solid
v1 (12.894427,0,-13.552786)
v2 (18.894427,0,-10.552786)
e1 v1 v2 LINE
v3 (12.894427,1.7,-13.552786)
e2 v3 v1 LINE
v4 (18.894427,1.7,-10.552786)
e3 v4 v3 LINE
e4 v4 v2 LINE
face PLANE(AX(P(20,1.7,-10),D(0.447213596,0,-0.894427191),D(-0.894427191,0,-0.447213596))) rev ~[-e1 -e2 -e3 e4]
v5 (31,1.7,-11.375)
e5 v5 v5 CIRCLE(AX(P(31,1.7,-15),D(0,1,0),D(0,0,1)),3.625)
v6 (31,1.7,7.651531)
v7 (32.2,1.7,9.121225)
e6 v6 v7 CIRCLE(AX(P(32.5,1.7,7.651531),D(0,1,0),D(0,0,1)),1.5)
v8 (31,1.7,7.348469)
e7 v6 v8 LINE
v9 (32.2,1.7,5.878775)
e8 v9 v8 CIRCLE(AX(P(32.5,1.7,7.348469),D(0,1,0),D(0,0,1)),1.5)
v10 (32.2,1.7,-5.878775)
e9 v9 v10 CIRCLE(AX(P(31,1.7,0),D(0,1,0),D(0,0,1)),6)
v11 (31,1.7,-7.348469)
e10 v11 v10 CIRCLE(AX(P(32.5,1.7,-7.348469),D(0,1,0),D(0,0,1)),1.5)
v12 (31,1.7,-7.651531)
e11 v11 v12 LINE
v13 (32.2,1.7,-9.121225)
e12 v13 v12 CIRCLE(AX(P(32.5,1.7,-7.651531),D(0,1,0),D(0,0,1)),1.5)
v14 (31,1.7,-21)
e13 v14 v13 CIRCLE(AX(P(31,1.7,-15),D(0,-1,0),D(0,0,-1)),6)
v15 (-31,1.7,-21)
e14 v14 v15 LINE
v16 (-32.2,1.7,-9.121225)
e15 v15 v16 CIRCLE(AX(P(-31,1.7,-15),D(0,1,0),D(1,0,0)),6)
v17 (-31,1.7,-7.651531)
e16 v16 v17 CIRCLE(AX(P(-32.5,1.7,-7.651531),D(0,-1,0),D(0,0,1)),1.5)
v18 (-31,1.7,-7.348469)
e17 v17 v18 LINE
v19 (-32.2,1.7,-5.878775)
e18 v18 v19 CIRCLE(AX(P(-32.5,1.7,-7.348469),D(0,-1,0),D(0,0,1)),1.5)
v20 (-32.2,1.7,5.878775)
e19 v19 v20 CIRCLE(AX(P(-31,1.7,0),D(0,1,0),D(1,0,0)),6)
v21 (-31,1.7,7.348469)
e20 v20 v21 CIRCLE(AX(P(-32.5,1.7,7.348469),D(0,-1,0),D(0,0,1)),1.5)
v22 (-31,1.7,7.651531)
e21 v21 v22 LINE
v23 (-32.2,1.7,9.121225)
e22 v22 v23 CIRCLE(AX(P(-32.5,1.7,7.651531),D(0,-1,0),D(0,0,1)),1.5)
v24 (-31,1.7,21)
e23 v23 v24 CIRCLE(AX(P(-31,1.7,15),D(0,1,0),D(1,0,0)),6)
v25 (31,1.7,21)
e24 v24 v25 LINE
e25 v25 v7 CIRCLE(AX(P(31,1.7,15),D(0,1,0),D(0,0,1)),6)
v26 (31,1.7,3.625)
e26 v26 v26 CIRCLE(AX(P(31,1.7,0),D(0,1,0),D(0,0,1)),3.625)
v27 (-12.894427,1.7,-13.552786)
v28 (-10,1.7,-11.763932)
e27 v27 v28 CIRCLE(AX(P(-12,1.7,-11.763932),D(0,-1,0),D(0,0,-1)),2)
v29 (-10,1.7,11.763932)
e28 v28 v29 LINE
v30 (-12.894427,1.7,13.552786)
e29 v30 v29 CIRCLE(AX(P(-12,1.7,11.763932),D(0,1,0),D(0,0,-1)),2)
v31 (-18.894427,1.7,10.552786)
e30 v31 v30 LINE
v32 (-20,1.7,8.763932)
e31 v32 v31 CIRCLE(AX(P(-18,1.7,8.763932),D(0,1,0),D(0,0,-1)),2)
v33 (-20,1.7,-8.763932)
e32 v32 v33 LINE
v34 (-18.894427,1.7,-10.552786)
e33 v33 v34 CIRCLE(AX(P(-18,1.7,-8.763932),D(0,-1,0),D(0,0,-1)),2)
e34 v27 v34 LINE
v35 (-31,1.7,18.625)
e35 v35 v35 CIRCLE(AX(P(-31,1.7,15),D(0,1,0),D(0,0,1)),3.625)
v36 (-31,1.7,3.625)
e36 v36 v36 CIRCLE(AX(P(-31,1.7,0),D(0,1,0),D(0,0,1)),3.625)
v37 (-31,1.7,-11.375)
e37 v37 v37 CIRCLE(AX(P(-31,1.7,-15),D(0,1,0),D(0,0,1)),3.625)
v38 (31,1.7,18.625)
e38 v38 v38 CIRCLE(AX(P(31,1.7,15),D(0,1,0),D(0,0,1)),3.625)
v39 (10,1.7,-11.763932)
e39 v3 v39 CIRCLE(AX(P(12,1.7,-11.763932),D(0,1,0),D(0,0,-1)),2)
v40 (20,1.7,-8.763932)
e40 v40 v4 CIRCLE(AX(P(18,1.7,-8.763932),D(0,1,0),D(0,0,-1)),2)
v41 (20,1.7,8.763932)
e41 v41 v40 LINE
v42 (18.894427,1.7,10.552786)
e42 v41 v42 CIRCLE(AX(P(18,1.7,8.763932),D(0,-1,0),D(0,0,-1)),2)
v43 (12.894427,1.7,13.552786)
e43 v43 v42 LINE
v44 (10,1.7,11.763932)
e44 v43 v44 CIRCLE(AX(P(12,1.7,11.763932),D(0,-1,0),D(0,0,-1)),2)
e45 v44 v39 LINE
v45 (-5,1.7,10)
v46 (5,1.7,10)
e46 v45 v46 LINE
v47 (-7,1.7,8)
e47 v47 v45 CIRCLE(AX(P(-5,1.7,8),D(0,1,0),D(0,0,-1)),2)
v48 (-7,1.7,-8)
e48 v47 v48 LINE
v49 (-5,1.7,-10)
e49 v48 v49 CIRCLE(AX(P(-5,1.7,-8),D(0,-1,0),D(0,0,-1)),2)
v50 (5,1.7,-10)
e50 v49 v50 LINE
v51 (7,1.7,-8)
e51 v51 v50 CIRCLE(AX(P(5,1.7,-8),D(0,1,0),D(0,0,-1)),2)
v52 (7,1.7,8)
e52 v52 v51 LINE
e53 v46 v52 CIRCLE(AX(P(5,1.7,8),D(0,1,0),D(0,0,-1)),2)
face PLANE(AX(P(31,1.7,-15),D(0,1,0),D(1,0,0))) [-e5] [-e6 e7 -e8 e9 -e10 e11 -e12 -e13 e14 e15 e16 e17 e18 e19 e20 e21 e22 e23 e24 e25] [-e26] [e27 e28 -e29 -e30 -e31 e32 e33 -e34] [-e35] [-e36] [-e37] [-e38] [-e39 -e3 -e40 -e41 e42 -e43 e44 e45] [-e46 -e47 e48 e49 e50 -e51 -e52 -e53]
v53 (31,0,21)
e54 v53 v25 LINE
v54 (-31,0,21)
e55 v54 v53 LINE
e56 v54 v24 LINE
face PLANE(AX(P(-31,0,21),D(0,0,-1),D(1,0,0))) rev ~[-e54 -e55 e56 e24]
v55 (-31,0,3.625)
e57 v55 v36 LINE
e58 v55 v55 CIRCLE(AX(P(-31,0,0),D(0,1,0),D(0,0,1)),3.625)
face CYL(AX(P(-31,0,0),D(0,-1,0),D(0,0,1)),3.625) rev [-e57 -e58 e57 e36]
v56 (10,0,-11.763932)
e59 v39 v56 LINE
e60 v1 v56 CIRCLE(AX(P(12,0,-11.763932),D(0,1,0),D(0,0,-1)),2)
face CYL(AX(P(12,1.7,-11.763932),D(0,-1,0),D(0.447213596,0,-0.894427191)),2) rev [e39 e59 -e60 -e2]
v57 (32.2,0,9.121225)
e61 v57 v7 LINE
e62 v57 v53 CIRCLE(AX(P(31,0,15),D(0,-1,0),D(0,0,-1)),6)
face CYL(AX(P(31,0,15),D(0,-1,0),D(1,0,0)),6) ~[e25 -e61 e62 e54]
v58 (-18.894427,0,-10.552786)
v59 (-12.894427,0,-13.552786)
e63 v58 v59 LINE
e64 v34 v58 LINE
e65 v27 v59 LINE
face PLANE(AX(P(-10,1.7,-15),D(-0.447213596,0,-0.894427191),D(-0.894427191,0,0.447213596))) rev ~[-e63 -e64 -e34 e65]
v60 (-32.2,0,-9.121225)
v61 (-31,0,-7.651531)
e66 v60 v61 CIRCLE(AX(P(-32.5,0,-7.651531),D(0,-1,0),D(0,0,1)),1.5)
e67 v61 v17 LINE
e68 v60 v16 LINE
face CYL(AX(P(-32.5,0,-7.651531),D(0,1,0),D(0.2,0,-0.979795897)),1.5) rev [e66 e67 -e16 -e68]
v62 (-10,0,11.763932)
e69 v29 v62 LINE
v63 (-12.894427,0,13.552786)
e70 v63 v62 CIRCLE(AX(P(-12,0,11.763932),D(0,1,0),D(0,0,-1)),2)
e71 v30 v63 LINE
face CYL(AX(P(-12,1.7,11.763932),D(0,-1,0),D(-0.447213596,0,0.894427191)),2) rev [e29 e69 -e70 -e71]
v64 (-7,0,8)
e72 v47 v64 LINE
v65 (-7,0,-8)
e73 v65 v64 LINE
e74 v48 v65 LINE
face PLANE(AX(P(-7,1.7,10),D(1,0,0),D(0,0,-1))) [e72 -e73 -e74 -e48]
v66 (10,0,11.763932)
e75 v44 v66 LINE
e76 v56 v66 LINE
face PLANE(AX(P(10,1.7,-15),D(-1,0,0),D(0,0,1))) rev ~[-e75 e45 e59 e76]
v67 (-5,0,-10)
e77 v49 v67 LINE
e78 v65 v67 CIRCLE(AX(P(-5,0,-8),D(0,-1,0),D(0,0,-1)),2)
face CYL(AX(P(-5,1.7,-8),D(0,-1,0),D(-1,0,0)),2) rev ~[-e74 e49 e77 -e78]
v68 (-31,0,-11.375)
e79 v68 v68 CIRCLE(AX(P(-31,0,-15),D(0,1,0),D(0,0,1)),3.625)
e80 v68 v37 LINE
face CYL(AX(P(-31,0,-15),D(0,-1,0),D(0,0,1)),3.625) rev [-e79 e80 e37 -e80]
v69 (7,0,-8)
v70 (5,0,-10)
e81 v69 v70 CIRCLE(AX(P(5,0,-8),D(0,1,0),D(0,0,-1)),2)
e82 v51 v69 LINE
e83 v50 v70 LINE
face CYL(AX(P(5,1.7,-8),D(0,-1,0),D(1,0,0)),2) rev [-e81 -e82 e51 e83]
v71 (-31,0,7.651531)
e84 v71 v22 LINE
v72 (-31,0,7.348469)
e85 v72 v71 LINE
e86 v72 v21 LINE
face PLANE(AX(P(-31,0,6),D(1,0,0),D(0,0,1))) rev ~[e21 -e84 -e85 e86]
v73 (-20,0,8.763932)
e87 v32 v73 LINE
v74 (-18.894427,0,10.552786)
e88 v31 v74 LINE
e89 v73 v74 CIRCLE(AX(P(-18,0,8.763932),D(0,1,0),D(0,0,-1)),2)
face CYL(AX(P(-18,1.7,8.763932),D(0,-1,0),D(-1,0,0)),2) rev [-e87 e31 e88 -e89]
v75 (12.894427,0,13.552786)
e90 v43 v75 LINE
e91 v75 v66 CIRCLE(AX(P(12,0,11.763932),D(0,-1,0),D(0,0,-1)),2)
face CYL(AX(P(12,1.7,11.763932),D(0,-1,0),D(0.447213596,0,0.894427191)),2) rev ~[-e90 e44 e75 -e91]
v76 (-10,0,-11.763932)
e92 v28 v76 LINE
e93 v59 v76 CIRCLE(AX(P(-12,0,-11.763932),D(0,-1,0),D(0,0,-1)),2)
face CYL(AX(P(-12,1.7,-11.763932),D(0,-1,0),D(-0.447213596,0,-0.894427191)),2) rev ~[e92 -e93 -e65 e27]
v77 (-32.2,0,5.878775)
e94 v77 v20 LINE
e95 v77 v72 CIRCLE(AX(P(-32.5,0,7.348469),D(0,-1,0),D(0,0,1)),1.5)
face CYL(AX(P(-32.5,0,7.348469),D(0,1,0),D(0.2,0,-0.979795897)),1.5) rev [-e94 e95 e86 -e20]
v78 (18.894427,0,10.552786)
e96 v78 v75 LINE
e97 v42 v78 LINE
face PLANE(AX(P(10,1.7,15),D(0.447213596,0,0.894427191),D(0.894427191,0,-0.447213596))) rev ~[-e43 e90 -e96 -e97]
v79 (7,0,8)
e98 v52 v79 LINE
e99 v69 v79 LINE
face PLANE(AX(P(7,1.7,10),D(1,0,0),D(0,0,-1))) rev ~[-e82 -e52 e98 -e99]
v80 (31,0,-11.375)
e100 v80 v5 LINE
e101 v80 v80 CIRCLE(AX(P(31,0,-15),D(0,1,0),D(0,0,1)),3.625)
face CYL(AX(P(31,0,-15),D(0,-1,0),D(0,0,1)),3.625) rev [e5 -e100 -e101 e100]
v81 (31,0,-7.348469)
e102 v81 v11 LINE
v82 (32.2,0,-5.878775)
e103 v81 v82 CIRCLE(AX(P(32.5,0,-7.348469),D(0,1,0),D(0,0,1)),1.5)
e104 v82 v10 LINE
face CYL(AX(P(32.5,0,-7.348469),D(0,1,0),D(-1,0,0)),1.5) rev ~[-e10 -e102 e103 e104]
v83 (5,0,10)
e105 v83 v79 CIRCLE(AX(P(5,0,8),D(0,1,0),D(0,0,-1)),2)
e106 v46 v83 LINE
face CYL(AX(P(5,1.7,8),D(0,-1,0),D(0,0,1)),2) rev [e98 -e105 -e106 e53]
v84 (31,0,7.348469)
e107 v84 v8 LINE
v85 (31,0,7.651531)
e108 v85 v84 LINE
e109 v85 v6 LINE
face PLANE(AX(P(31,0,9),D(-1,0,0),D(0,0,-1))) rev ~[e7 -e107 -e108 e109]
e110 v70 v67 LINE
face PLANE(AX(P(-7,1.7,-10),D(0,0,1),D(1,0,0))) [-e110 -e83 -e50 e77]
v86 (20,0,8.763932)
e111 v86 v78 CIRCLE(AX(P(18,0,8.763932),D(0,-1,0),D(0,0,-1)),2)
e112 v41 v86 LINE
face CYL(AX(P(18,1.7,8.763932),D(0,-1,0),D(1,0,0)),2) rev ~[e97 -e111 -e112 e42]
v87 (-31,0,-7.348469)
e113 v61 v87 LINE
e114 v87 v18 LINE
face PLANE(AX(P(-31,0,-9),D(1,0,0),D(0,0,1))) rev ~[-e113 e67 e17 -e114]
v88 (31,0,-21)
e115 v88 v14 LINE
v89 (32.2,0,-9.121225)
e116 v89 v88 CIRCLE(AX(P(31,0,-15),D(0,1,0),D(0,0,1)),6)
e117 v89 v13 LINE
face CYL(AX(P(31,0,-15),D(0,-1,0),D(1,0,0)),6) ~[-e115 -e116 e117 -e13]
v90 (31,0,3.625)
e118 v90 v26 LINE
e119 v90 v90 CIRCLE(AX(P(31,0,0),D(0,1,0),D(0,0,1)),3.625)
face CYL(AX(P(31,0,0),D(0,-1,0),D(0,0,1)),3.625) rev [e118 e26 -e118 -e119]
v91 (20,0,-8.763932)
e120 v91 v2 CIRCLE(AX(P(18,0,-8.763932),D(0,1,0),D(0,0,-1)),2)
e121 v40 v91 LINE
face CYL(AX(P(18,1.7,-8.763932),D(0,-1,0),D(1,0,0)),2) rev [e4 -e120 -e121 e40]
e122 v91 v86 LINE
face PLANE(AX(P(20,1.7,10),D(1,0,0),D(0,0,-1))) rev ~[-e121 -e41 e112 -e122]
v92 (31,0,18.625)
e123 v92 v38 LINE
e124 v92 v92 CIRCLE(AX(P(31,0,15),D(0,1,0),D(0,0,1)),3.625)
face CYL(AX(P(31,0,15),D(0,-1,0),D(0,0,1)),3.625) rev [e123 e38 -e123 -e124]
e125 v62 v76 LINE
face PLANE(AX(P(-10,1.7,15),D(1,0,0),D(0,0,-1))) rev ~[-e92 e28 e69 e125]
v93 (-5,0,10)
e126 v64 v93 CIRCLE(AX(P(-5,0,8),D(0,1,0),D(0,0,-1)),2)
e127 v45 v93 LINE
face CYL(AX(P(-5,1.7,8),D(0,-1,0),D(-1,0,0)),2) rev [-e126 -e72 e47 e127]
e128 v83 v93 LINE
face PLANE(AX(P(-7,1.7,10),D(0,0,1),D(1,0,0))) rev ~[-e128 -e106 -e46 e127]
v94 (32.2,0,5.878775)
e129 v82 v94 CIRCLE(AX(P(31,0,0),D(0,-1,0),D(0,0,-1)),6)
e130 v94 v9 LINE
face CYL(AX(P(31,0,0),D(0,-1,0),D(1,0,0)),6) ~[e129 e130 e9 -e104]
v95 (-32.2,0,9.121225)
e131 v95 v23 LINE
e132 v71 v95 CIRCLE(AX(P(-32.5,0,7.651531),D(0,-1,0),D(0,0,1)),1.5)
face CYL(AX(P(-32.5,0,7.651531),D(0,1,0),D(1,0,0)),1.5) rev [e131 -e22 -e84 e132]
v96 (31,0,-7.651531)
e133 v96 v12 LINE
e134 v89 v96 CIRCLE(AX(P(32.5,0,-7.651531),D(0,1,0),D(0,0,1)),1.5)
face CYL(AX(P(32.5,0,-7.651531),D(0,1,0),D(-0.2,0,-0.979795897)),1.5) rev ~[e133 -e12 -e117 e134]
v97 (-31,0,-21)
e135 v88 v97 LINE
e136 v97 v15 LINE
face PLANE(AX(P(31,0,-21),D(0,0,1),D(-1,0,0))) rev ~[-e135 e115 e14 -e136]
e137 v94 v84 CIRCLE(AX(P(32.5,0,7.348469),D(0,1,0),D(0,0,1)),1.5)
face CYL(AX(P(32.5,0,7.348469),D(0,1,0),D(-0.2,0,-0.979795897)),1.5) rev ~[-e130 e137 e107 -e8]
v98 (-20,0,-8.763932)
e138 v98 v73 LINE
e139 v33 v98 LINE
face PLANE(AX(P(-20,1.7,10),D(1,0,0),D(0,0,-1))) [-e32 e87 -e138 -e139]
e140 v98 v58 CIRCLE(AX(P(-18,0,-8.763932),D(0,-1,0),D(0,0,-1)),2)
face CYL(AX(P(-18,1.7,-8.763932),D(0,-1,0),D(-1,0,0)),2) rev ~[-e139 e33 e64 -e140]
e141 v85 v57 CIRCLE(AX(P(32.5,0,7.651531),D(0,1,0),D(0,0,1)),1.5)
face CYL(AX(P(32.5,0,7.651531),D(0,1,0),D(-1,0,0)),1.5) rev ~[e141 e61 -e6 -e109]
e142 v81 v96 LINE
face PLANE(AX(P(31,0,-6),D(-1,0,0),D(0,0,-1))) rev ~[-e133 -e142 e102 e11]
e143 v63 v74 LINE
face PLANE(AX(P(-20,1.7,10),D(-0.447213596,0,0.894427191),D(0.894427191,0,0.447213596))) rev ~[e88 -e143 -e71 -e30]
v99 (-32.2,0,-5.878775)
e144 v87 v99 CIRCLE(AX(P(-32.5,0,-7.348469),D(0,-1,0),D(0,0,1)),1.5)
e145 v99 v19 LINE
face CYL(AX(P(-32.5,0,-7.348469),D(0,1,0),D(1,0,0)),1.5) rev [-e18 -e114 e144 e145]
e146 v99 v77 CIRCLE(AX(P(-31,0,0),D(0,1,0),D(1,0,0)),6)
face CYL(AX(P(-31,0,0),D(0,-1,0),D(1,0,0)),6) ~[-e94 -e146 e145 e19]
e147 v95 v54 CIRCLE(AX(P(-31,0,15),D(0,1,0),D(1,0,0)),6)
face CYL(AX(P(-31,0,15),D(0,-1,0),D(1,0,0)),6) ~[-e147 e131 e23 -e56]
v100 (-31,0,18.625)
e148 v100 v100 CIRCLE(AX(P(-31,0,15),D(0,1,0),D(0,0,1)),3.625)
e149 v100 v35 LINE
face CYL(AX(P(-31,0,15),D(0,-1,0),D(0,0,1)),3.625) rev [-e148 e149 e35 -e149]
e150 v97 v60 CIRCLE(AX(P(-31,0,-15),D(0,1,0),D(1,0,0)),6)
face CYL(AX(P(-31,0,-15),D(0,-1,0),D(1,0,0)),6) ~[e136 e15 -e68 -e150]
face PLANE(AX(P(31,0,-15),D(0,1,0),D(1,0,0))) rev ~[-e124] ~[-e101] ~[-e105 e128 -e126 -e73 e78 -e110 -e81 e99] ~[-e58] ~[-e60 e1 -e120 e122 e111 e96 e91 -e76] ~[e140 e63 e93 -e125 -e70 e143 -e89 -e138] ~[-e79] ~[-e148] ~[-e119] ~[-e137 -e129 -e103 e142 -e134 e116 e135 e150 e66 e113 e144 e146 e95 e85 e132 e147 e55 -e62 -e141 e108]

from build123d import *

# Parameters (mm, degrees)
SKETCH1_R           = 6
SKETCH1_R_2         = 3.625
BOSS_EXTRUDE1_DEPTH = 1.7
CUT_EXTRUDE1_REACH  = 44.578
SKETCH2_W           = 10
SKETCH2_H           = 20
SKETCH2_W_2         = 14
FILLET1_R           = 1.5
FILLET2_R           = 2


with BuildPart() as part:
    # Sketch1 → Boss-Extrude1 (new body)
    # profile 1 of 7: a face of its own
    with BuildSketch(Plane(origin=(0, 0, 0), x_dir=(1, 0, 0), z_dir=(0, 1, 0))):
        with BuildLine():
            Line((31, 21), (-31, 21))
            ThreePointArc((-31, 21), (-26.757359313, 19.242640687), (-25, 15))
            ThreePointArc((-25, 15), (-26.757359313, 10.757359313), (-31, 9))
            Line((-31, 9), (-31, 6))
            ThreePointArc((-31, 6), (-26.757359313, 4.242640687), (-25, 0))
            ThreePointArc((-25, 0), (-26.757359313, -4.242640687), (-31, -6))
            Line((-31, -6), (-31, -9))
            ThreePointArc((-31, -9), (-26.757359313, -10.757359313), (-25, -15))
            ThreePointArc((-25, -15), (-26.757359313, -19.242640687), (-31, -21))
            Line((-31, -21), (31, -21))
            ThreePointArc((31, -21), (25, -15), (31, -9))
            Line((31, -9), (31, -6))
            ThreePointArc((31, -6), (25, 0), (31, 6))
            Line((31, 6), (31, 9))
            ThreePointArc((31, 9), (25, 15), (31, 21))
        make_face()
    # profile 2 of 7: a face of its own
    with BuildSketch(Plane(origin=(0, 0, 0), x_dir=(1, 0, 0), z_dir=(0, 1, 0))):
        with Locations((-31, 15)):
            Circle(SKETCH1_R)
        with Locations(Location((-31, 15, 0), (0, 0, 270))):
            Circle(SKETCH1_R_2, mode=Mode.SUBTRACT)
    # profile 3 of 7: a face of its own
    with BuildSketch(Plane(origin=(0, 0, 0), x_dir=(1, 0, 0), z_dir=(0, 1, 0))):
        with Locations((-31, 0)):
            Circle(SKETCH1_R)
        with Locations(Location((-31, 0, 0), (0, 0, 270))):
            Circle(SKETCH1_R_2, mode=Mode.SUBTRACT)
    # profile 4 of 7: a face of its own
    with BuildSketch(Plane(origin=(0, 0, 0), x_dir=(1, 0, 0), z_dir=(0, 1, 0))):
        with Locations((-31, -15)):
            Circle(SKETCH1_R)
        with Locations(Location((-31, -15, 0), (0, 0, 270))):
            Circle(SKETCH1_R_2, mode=Mode.SUBTRACT)
    # profile 5 of 7: a face of its own
    with BuildSketch(Plane(origin=(0, 0, 0), x_dir=(1, 0, 0), z_dir=(0, 1, 0))):
        with Locations((31, -15)):
            Circle(SKETCH1_R)
        with Locations(Location((31, -15, 0), (0, 0, 270))):
            Circle(SKETCH1_R_2, mode=Mode.SUBTRACT)
    # profile 6 of 7: a face of its own
    with BuildSketch(Plane(origin=(0, 0, 0), x_dir=(1, 0, 0), z_dir=(0, 1, 0))):
        with Locations((31, 0)):
            Circle(SKETCH1_R)
        with Locations(Location((31, 0, 0), (0, 0, 270))):
            Circle(SKETCH1_R_2, mode=Mode.SUBTRACT)
    # profile 7 of 7: a face of its own
    with BuildSketch(Plane(origin=(0, 0, 0), x_dir=(1, 0, 0), z_dir=(0, 1, 0))):
        with Locations((31, 15)):
            Circle(SKETCH1_R)
        with Locations(Location((31, 15, 0), (0, 0, 270))):
            Circle(SKETCH1_R_2, mode=Mode.SUBTRACT)
    extrude(amount=BOSS_EXTRUDE1_DEPTH)

    # Sketch2 → Cut-Extrude1 (cut, up to next)
    with BuildSketch(Plane(origin=(0, 1.7, 0), x_dir=(1, 0, 0), z_dir=(0, 1, 0)), mode=Mode.PRIVATE) as cut_extrude1_sk1:
        with Locations((-15, 0)):
            Rectangle(SKETCH2_W, SKETCH2_H)
    cut_extrude1_tool1 = extrude(cut_extrude1_sk1.sketch, amount=-CUT_EXTRUDE1_REACH, mode=Mode.PRIVATE) & part.part
    # Sketch2 → Cut-Extrude1 (cut, up to next)
    with BuildSketch(Plane(origin=(0, 1.7, 0), x_dir=(1, 0, 0), z_dir=(0, 1, 0)), mode=Mode.PRIVATE) as cut_extrude1_sk2:
        Polygon((-10, 10), (-10, 15), (-20, 10), align=None)
    cut_extrude1_tool2 = extrude(cut_extrude1_sk2.sketch, amount=-CUT_EXTRUDE1_REACH, mode=Mode.PRIVATE) & part.part
    # Sketch2 → Cut-Extrude1 (cut, up to next)
    with BuildSketch(Plane(origin=(0, 1.7, 0), x_dir=(1, 0, 0), z_dir=(0, 1, 0)), mode=Mode.PRIVATE) as cut_extrude1_sk3:
        Polygon((-10, -15), (-10, -10), (-20, -10), align=None)
    cut_extrude1_tool3 = extrude(cut_extrude1_sk3.sketch, amount=-CUT_EXTRUDE1_REACH, mode=Mode.PRIVATE) & part.part
    # Sketch2 → Cut-Extrude1 (cut, up to next)
    with BuildSketch(Plane(origin=(0, 1.7, 0), x_dir=(1, 0, 0), z_dir=(0, 1, 0)), mode=Mode.PRIVATE) as cut_extrude1_sk4:
        Polygon((10, -15), (20, -10), (10, -10), align=None)
    cut_extrude1_tool4 = extrude(cut_extrude1_sk4.sketch, amount=-CUT_EXTRUDE1_REACH, mode=Mode.PRIVATE) & part.part
    # Sketch2 → Cut-Extrude1 (cut, up to next)
    with BuildSketch(Plane(origin=(0, 1.7, 0), x_dir=(1, 0, 0), z_dir=(0, 1, 0)), mode=Mode.PRIVATE) as cut_extrude1_sk5:
        with Locations((15, 0)):
            Rectangle(SKETCH2_W, SKETCH2_H)
    cut_extrude1_tool5 = extrude(cut_extrude1_sk5.sketch, amount=-CUT_EXTRUDE1_REACH, mode=Mode.PRIVATE) & part.part
    # Sketch2 → Cut-Extrude1 (cut, up to next)
    with BuildSketch(Plane(origin=(0, 1.7, 0), x_dir=(1, 0, 0), z_dir=(0, 1, 0)), mode=Mode.PRIVATE) as cut_extrude1_sk6:
        Polygon((20, 10), (10, 15), (10, 10), align=None)
    cut_extrude1_tool6 = extrude(cut_extrude1_sk6.sketch, amount=-CUT_EXTRUDE1_REACH, mode=Mode.PRIVATE) & part.part
    # Sketch2 → Cut-Extrude1 (cut, up to next)
    with BuildSketch(Plane(origin=(0, 1.7, 0), x_dir=(1, 0, 0), z_dir=(0, 1, 0)), mode=Mode.PRIVATE) as cut_extrude1_sk7:
        Rectangle(SKETCH2_W_2, SKETCH2_H)
    cut_extrude1_tool7 = extrude(cut_extrude1_sk7.sketch, amount=-CUT_EXTRUDE1_REACH, mode=Mode.PRIVATE) & part.part
    add(cut_extrude1_tool1.solids().sort_by_distance((-15, 1.7, 0))[0], mode=Mode.SUBTRACT)
    add(cut_extrude1_tool2.solids().sort_by_distance((-13.333333, 1.7, -11.666667))[0], mode=Mode.SUBTRACT)
    add(cut_extrude1_tool3.solids().sort_by_distance((-13.333333, 1.7, 11.666667))[0], mode=Mode.SUBTRACT)
    add(cut_extrude1_tool4.solids().sort_by_distance((13.333333, 1.7, 11.666667))[0], mode=Mode.SUBTRACT)
    add(cut_extrude1_tool5.solids().sort_by_distance((15, 1.7, 0))[0], mode=Mode.SUBTRACT)
    add(cut_extrude1_tool6.solids().sort_by_distance((13.333333, 1.7, -11.666667))[0], mode=Mode.SUBTRACT)
    add(cut_extrude1_tool7.solids().sort_by_distance((0, 1.7, 0))[0], mode=Mode.SUBTRACT)

    # Fillet1
    fillet1_edges = [part.edges().sort_by_distance(p)[0] for p in [
        (31, 0.85, -9),
        (31, 0.85, -6),
        (31, 0.85, 6),
        (31, 0.85, 9),
        (-31, 0.85, 9),
        (-31, 0.85, 6),
        (-31, 0.85, -6),
        (-31, 0.85, -9),
    ]]
    fillet(fillet1_edges, radius=FILLET1_R)

    # Fillet2
    fillet2_edges = [part.edges().sort_by_distance(p)[0] for p in [
        (-20, 0.85, 10),
        (-20, 0.85, -10),
        (-10, 0.85, -15),
        (-10, 0.85, 15),
        (20, 0.85, 10),
        (10, 0.85, 15),
        (10, 0.85, -15),
        (20, 0.85, -10),
        (7, 0.85, -10),
        (7, 0.85, 10),
        (-7, 0.85, 10),
        (-7, 0.85, -10),
    ]]
    fillet(fillet2_edges, radius=FILLET2_R)


solid = part.part
